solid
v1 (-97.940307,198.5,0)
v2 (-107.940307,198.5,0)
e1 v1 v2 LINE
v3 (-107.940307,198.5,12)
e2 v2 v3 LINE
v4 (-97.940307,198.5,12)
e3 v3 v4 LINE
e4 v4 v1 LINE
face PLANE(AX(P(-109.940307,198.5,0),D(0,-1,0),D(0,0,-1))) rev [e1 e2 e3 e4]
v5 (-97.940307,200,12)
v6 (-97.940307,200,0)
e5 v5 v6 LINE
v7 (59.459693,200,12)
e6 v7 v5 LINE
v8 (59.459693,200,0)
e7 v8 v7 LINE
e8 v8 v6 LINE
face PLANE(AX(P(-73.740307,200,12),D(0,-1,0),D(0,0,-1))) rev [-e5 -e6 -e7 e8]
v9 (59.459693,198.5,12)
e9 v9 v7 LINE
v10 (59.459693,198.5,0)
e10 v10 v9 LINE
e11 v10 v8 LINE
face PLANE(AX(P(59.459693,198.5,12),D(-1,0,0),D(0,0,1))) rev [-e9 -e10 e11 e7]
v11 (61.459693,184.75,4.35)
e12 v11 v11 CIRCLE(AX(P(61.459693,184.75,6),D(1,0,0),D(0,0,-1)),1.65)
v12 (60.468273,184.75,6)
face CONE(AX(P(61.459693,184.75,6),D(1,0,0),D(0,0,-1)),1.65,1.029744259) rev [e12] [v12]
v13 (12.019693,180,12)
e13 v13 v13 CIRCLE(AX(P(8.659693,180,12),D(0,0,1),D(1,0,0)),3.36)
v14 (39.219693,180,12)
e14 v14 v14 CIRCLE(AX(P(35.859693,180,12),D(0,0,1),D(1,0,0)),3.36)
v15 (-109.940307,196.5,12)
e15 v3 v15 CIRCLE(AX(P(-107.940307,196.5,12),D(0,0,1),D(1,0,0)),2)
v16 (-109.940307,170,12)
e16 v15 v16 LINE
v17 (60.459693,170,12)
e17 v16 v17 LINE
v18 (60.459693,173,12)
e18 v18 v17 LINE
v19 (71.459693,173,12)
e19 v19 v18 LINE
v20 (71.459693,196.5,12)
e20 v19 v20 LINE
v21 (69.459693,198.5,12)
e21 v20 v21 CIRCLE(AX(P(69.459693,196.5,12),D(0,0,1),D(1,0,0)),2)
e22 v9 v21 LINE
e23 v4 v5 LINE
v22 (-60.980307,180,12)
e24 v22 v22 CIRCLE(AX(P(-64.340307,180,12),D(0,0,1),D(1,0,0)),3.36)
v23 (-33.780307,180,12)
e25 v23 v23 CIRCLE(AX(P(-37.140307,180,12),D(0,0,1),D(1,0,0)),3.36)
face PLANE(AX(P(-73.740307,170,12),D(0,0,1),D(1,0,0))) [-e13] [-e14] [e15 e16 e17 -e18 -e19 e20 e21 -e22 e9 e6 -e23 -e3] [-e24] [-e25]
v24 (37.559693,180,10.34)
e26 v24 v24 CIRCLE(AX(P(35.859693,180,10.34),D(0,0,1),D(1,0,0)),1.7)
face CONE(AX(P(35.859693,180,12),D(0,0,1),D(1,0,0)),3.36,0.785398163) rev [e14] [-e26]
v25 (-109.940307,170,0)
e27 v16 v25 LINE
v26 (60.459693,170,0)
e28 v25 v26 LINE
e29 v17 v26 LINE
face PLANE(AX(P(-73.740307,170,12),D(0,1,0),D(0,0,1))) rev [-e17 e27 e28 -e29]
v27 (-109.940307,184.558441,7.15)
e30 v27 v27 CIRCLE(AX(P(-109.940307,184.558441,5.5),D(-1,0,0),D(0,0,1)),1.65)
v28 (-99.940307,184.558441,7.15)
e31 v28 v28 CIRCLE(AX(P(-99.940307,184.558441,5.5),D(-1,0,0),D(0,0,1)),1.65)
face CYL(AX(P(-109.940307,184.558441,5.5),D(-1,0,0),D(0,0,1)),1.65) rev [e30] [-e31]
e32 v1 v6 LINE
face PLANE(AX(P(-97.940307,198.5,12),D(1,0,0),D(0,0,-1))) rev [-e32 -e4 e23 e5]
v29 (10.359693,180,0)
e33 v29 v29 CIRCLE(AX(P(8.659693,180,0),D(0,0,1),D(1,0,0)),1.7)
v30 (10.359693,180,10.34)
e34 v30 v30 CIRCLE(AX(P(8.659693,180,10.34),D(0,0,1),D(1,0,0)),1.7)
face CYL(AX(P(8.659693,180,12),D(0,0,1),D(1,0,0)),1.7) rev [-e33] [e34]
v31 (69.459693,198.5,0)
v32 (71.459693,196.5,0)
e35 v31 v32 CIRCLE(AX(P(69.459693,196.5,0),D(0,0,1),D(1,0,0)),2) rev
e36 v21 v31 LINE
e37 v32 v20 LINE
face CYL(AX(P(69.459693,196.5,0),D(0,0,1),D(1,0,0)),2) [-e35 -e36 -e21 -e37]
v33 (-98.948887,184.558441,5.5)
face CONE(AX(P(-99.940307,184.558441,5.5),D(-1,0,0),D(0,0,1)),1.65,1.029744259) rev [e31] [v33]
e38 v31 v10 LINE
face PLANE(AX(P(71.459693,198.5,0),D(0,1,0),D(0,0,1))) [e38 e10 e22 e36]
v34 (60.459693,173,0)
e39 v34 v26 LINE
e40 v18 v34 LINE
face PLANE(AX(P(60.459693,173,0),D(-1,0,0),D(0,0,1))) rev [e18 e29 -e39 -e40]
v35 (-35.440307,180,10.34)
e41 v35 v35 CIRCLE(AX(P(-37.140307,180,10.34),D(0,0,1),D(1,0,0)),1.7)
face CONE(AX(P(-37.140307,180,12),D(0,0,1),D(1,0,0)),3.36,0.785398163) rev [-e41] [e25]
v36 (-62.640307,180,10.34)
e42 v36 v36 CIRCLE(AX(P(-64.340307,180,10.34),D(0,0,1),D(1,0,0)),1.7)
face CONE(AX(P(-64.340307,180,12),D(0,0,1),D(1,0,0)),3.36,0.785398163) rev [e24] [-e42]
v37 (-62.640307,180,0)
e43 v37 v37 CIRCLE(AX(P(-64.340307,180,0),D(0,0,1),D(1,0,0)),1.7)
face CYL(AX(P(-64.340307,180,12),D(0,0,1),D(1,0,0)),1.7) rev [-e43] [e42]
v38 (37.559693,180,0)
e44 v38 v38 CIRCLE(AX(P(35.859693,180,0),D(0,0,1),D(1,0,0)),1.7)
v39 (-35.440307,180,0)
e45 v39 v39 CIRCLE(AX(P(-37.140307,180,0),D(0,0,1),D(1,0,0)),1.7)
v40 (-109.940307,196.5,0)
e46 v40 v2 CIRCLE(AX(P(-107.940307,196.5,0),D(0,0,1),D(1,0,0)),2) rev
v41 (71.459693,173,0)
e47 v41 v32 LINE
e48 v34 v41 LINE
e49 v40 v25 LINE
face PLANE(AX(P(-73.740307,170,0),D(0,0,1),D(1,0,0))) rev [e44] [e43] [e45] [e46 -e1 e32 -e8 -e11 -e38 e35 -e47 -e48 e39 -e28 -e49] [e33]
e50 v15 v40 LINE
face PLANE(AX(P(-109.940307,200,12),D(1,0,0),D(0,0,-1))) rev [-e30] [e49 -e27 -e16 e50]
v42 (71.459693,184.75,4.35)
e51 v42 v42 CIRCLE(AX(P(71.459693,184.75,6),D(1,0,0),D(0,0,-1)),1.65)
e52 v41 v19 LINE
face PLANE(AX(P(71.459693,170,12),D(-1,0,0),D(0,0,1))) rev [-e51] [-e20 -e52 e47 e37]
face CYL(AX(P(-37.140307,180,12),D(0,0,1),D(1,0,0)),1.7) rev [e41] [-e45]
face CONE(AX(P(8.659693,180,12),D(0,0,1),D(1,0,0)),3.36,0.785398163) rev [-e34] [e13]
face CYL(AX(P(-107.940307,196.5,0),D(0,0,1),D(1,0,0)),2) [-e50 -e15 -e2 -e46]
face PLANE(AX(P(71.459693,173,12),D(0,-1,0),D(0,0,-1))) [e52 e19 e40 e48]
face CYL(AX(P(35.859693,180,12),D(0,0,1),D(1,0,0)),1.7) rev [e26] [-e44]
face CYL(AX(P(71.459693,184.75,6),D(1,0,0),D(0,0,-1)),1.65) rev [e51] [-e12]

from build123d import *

# Parameters (mm, degrees)
ESBO_O1_W                                      = 119
ESBO_O1_H                                      = 30
RESSALTO_EXTRUS_O1_DEPTH                       = 12
ESCAREADO_PARA_SFHCS_M31_D                     = 3.4
ESCAREADO_PARA_SFHCS_M31_CSINK_D               = 6.72
ESCAREADO_PARA_SFHCS_M31_CSINK_ANGLE           = 90
ESBO_O6_W                                      = 36.2
ESBO_O6_H                                      = 30
RESSALTO_EXTRUS_O2_DEPTH                       = 12
ESBO_O7_W                                      = 26.2
ESBO_O7_H                                      = 30
RESSALTO_EXTRUS_O3_DEPTH                       = 12
ESBO_O8_W                                      = 12
ESBO_O8_H                                      = 12
CORTE_EXTRUS_O1_DEPTH                          = 1.5
FILETE1_R                                      = 2
ESBO_O9_W                                      = 11
ESBO_O9_H                                      = 12
CORTE_EXTRUS_O2_DEPTH                          = 3
BROCA_DE_ROSQUEAR_PARA_TARRAXA_DE_M4X0_7_D     = 3.3
BROCA_DE_ROSQUEAR_PARA_TARRAXA_DE_M4X0_7_DEPTH = 10
BROCA_DE_ROSQUEAR_PARA_TARRAXA_DE_M4X0_7_TIP   = 0.991420021
ESBO_O12_W                                     = 12
ESBO_O12_H                                     = 12
CORTE_EXTRUS_O3_DEPTH                          = 1.5
FILETE2_R                                      = 2
BROCA_DE_ROSQUEAR_PARA_TARRAXA_DE_M4_2_D       = 3.3
BROCA_DE_ROSQUEAR_PARA_TARRAXA_DE_M4_2_DEPTH   = 10
BROCA_DE_ROSQUEAR_PARA_TARRAXA_DE_M4_2_TIP     = 0.991420021


with BuildPart() as part:
    # Esboço1 → Ressalto-extrusão1 (new body)
    with BuildSketch(Plane.XY):
        with Locations((-14.240307174, 185)):
            Rectangle(ESBO_O1_W, ESBO_O1_H)
    extrude(amount=RESSALTO_EXTRUS_O1_DEPTH)

    # Escareado para SFHCS M31 (through all)
    with Locations(Plane.XY.offset(12)):
        with Locations((35.859692826, 180), (-64.340307174, 180), (-37.140307174, 180), (8.659692826, 180)):
            CounterSinkHole(ESCAREADO_PARA_SFHCS_M31_D / 2, ESCAREADO_PARA_SFHCS_M31_CSINK_D / 2, counter_sink_angle=ESCAREADO_PARA_SFHCS_M31_CSINK_ANGLE)

    # Esboço6 → Ressalto-extrusão2 (add)
    with BuildSketch(Plane.XY):
        with Locations((-91.840307174, 185)):
            Rectangle(ESBO_O6_W, ESBO_O6_H)
    extrude(amount=RESSALTO_EXTRUS_O2_DEPTH)

    # Esboço7 → Ressalto-extrusão3 (add)
    with BuildSketch(Plane.XY):
        with Locations((58.359692826, 185)):
            Rectangle(ESBO_O7_W, ESBO_O7_H)
    extrude(amount=RESSALTO_EXTRUS_O3_DEPTH)

    # Esboço8 → Corte-extrusão1 (cut)
    with BuildSketch(Plane(origin=(0, 200, 0), x_dir=(1, 0, 0), z_dir=(0, 1, 0))):
        with Locations((65.459692826, -6)):
            Rectangle(ESBO_O8_W, ESBO_O8_H)
    extrude(amount=-CORTE_EXTRUS_O1_DEPTH, mode=Mode.SUBTRACT)

    # Filete1
    filete1_edges = [part.edges().sort_by_distance(p)[0] for p in [
        (71.459692826, 198.5, 6),
    ]]
    fillet(filete1_edges, radius=FILETE1_R)

    # Esboço9 → Corte-extrusão2 (cut)
    with BuildSketch(Plane.XZ.offset(-170)):
        with Locations((65.959692826, 6)):
            Rectangle(ESBO_O9_W, ESBO_O9_H)
    extrude(amount=-CORTE_EXTRUS_O2_DEPTH, mode=Mode.SUBTRACT)

    # Broca de rosquear para tarraxa de M4x0.7
    with Locations(Plane(origin=(71.459692826, 0, 0), x_dir=(0, 0, -1), z_dir=(1, 0, 0))):
        with Locations((-6, 184.75)):
            Hole(BROCA_DE_ROSQUEAR_PARA_TARRAXA_DE_M4X0_7_D / 2, depth=BROCA_DE_ROSQUEAR_PARA_TARRAXA_DE_M4X0_7_DEPTH)
            with Locations((0, 0, -(BROCA_DE_ROSQUEAR_PARA_TARRAXA_DE_M4X0_7_DEPTH + BROCA_DE_ROSQUEAR_PARA_TARRAXA_DE_M4X0_7_TIP / 2))):  # 118° drill point
                Cone(0, BROCA_DE_ROSQUEAR_PARA_TARRAXA_DE_M4X0_7_D / 2, BROCA_DE_ROSQUEAR_PARA_TARRAXA_DE_M4X0_7_TIP, mode=Mode.SUBTRACT)

    # Esboço12 → Corte-extrusão3 (cut)
    with BuildSketch(Plane(origin=(0, 200, 0), x_dir=(-1, 0, 0), z_dir=(0, 1, 0))):
        with Locations((103.940307174, 6)):
            Rectangle(ESBO_O12_W, ESBO_O12_H)
    extrude(amount=-CORTE_EXTRUS_O3_DEPTH, mode=Mode.SUBTRACT)

    # Filete2
    filete2_edges = [part.edges().sort_by_distance(p)[0] for p in [
        (-109.940307174, 198.5, 6),
    ]]
    fillet(filete2_edges, radius=FILETE2_R)

    # Broca de rosquear para tarraxa de M4 2
    with Locations(Plane.ZY.offset(109.940307174)):
        with Locations((5.5, 184.558440573), (-130.6, 184.75)):
            Hole(BROCA_DE_ROSQUEAR_PARA_TARRAXA_DE_M4_2_D / 2, depth=BROCA_DE_ROSQUEAR_PARA_TARRAXA_DE_M4_2_DEPTH)
            with Locations((0, 0, -(BROCA_DE_ROSQUEAR_PARA_TARRAXA_DE_M4_2_DEPTH + BROCA_DE_ROSQUEAR_PARA_TARRAXA_DE_M4_2_TIP / 2))):  # 118° drill point
                Cone(0, BROCA_DE_ROSQUEAR_PARA_TARRAXA_DE_M4_2_D / 2, BROCA_DE_ROSQUEAR_PARA_TARRAXA_DE_M4_2_TIP, mode=Mode.SUBTRACT)


solid = part.part
